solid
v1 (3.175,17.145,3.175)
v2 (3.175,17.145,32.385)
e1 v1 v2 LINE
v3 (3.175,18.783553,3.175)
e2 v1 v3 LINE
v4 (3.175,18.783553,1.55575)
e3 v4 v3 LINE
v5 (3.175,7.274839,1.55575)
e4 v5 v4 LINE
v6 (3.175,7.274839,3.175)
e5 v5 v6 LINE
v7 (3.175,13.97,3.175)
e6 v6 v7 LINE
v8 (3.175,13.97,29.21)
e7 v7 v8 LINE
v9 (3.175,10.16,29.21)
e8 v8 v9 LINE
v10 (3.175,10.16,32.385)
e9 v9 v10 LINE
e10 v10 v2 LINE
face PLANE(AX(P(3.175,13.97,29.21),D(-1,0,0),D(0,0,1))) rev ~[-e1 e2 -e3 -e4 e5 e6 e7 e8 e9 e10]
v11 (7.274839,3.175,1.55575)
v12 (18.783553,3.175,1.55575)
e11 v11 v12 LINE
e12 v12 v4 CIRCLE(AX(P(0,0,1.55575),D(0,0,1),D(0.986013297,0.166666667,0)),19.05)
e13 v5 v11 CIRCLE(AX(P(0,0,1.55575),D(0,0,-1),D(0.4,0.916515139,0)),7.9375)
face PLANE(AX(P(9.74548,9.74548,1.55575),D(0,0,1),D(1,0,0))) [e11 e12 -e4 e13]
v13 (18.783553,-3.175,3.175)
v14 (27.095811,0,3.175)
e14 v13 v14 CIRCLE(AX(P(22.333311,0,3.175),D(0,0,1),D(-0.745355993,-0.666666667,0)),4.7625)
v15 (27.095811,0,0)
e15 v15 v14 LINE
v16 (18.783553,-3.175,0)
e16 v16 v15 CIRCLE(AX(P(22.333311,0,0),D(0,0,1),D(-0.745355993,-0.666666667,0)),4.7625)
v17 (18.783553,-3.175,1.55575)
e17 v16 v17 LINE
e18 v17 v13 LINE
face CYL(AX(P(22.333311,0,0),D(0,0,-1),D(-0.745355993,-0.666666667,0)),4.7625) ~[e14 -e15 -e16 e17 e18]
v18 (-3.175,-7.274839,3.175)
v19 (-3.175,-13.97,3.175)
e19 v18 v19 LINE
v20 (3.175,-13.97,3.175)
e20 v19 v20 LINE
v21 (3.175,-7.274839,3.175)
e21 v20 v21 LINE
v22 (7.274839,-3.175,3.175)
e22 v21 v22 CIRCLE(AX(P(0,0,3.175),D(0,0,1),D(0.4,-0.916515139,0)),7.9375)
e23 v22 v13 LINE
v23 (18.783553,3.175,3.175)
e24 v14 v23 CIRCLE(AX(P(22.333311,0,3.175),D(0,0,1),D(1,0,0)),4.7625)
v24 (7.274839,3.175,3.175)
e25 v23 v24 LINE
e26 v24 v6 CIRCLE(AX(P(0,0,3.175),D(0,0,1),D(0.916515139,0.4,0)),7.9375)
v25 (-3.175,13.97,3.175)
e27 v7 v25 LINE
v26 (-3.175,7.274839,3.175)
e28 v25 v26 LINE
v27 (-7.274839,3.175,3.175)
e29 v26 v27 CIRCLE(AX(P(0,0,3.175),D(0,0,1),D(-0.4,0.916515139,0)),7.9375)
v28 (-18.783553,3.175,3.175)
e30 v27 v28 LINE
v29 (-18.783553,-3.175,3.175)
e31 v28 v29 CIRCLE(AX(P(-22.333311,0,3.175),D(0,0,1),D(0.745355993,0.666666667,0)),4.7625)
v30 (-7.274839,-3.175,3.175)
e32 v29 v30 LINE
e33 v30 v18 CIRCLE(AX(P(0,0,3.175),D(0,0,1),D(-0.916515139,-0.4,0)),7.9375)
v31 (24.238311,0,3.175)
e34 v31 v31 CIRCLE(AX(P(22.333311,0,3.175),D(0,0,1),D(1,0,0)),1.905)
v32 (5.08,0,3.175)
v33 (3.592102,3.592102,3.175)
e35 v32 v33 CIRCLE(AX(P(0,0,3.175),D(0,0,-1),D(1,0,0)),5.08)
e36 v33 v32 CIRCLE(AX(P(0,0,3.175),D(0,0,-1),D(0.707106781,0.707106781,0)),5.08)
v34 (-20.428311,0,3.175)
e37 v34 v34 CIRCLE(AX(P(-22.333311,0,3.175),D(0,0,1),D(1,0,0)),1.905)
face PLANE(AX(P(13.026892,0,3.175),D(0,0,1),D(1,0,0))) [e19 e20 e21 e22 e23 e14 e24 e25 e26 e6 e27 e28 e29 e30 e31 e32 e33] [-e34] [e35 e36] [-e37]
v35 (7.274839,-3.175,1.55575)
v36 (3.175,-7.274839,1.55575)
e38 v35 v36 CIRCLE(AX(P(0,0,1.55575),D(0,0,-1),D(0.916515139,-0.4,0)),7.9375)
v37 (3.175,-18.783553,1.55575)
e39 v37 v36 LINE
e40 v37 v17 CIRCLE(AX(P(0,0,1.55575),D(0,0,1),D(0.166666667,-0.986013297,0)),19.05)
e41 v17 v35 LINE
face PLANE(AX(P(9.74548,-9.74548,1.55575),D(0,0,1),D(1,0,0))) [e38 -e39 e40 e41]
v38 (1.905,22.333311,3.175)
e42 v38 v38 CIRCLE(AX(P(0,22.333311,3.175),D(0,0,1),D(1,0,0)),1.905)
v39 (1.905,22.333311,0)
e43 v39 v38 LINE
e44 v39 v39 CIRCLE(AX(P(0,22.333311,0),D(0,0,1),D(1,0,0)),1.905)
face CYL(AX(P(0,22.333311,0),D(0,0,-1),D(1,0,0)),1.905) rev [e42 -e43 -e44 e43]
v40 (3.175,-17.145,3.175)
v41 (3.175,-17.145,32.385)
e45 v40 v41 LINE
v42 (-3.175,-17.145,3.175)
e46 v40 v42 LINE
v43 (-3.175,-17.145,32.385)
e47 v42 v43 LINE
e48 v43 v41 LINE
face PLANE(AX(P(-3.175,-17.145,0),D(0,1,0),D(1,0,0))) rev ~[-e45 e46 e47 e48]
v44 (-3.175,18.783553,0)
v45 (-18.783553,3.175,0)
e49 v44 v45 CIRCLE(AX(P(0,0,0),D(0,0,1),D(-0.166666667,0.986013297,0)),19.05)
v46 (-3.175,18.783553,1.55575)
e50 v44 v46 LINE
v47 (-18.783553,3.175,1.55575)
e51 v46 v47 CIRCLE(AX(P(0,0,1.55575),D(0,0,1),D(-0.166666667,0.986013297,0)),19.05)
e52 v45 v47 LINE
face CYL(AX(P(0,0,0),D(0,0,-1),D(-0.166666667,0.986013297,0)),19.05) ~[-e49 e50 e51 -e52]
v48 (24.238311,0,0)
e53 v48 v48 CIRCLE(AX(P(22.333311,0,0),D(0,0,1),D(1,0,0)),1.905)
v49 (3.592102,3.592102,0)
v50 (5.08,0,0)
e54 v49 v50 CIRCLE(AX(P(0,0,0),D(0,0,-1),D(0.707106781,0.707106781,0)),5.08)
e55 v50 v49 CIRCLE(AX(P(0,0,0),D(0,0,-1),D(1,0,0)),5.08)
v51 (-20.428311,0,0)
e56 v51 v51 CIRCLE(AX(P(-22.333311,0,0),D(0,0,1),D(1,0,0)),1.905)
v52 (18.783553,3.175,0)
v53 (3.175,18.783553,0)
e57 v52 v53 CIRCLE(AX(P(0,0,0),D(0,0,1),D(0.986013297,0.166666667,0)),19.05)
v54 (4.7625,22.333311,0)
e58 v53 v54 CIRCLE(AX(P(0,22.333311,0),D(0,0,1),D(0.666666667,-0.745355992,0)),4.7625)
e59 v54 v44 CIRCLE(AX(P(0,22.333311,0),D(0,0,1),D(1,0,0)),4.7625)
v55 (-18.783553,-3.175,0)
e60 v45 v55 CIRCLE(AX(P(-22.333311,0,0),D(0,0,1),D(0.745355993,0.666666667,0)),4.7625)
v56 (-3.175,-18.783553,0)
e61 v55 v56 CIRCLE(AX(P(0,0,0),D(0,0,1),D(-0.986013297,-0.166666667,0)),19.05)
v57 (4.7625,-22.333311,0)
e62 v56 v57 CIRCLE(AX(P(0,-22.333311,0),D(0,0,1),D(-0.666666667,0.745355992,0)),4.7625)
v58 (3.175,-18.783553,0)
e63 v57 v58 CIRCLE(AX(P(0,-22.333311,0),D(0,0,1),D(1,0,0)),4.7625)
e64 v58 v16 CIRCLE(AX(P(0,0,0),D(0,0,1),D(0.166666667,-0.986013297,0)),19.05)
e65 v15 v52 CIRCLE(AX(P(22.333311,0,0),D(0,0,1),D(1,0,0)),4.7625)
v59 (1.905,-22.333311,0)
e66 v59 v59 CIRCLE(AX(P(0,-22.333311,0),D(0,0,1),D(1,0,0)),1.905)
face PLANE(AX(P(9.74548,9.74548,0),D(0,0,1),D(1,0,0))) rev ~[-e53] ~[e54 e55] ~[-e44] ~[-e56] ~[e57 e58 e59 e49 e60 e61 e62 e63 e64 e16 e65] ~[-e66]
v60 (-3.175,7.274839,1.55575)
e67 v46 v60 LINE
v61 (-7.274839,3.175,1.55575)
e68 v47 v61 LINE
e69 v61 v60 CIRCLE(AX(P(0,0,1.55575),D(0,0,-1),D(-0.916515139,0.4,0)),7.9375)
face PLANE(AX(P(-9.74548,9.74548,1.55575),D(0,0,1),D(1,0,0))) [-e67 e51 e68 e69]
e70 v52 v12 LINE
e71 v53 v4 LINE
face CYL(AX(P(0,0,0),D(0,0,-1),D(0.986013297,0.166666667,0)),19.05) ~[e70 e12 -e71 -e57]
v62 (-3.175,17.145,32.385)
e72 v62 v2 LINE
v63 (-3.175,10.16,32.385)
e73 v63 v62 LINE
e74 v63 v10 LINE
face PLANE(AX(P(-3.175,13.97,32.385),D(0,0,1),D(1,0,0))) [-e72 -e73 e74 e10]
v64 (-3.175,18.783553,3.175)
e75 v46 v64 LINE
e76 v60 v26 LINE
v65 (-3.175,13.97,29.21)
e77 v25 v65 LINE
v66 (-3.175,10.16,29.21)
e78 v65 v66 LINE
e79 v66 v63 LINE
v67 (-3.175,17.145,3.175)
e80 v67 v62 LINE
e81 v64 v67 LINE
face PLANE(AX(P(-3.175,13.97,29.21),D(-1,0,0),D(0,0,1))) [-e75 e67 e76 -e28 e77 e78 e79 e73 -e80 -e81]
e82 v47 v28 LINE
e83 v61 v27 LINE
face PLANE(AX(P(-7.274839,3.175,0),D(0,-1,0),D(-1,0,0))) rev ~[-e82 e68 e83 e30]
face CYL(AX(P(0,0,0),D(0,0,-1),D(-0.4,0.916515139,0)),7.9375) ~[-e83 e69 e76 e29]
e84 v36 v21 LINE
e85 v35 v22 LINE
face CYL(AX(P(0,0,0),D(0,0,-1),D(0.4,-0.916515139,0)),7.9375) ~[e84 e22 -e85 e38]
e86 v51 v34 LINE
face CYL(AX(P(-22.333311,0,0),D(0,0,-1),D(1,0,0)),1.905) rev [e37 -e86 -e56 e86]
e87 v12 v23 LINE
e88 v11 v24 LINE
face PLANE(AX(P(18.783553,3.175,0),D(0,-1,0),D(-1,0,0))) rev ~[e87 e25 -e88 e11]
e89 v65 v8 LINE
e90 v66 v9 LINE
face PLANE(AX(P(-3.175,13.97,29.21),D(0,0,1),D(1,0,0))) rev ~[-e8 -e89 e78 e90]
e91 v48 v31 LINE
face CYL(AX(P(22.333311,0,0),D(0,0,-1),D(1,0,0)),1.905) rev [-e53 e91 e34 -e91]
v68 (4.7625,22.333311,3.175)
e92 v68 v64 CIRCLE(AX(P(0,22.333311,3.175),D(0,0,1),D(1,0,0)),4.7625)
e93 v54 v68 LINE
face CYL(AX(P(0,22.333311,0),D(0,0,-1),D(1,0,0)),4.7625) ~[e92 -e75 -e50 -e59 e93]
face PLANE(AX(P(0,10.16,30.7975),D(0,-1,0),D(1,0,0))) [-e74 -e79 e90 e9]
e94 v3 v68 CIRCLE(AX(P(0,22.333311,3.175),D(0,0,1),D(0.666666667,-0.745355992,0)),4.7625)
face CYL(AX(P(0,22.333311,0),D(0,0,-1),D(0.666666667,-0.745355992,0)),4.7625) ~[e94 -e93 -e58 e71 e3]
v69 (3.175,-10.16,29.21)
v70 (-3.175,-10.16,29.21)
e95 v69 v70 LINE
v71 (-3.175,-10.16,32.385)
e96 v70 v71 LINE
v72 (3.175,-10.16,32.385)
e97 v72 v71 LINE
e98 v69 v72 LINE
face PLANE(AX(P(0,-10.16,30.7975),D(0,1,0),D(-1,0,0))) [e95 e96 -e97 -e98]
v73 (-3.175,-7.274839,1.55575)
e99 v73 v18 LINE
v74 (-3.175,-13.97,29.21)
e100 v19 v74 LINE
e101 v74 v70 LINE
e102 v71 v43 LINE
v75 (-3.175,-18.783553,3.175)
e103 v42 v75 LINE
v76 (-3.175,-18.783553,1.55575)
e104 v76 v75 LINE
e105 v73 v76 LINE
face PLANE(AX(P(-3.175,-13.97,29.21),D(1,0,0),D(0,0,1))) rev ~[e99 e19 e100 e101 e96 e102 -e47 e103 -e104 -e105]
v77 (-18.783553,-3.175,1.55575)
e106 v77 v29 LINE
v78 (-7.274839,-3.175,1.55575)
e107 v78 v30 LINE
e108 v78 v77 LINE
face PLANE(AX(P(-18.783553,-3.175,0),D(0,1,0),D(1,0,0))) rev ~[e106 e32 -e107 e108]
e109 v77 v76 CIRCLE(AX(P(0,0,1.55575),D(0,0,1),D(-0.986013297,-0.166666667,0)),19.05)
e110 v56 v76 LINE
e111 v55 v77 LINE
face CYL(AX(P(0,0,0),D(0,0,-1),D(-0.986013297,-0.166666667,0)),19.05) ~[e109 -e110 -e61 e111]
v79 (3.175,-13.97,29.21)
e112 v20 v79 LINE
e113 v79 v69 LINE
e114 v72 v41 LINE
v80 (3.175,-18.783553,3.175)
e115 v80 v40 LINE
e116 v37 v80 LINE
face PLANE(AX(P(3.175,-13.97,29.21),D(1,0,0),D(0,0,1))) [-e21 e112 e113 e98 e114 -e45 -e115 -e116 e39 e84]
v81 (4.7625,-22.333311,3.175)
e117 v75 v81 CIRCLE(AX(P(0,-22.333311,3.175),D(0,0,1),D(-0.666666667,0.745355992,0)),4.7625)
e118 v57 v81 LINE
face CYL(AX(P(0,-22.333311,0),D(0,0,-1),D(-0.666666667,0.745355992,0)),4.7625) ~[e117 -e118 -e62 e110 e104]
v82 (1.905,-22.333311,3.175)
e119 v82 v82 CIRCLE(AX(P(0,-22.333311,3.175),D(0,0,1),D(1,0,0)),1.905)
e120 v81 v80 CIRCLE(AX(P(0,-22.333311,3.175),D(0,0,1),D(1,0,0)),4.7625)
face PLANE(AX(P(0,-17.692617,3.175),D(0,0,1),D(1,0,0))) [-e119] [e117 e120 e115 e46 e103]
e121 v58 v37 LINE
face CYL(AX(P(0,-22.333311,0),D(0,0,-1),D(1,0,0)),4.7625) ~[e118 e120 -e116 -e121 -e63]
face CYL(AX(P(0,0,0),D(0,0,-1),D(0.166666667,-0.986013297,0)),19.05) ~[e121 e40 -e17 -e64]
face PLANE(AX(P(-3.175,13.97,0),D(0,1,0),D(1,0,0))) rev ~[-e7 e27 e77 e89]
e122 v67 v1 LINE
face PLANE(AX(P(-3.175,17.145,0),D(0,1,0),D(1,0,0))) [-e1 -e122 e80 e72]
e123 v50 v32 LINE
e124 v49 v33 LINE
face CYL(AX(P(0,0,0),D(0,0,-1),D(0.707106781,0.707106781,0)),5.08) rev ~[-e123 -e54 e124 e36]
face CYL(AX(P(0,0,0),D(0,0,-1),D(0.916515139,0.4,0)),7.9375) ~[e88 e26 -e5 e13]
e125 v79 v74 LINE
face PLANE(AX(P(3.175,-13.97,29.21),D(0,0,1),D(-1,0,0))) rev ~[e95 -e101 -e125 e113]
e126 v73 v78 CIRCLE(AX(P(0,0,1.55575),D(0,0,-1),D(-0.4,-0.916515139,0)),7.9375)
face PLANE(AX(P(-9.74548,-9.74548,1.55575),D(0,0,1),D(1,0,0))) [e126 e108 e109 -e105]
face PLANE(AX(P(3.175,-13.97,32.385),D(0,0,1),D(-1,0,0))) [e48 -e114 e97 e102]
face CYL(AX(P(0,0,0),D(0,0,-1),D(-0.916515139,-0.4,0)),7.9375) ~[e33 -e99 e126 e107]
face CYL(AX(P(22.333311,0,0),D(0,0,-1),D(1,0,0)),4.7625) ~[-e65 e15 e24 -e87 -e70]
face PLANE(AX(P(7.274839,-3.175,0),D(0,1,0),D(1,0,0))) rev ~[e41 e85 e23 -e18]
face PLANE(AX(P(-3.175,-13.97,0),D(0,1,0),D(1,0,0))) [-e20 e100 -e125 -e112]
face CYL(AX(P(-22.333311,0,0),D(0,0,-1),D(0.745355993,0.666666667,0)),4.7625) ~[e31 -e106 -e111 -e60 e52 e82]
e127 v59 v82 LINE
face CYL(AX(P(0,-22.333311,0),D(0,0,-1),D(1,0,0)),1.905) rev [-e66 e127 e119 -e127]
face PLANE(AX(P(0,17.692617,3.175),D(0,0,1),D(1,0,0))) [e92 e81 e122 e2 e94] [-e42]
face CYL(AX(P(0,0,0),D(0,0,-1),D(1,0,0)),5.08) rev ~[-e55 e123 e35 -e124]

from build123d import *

# Parameters (mm, degrees)
F0_R     = 1.905
F1_DEPTH = 3.175
F2_DEPTH = 1.55575
F0_W     = 6.35
F0_H     = 3.175
F3_DEPTH = 32.385
F5_W     = 6.35
F5_H     = 3.175
F6_DEPTH = 3.81
F4_W     = 6.35
F4_H     = 3.175
F7_DEPTH = 3.81


with BuildPart() as f1:
    # F0 (on Top) → F1 (new body)
    with BuildSketch(Plane.XY):
        with BuildLine():
            ThreePointArc((18.7835533113, -3.175), (17.5708112256, 0), (18.7835533113, 3.175))
            Line((18.7835533113, 3.175), (7.2748389157, 3.175))
            ThreePointArc((7.2748389157, 3.175), (7.7700688589, 1.6217077968), (7.9375, 0))
            ThreePointArc((7.9375, 0), (7.7700688589, -1.6217077968), (7.2748389157, -3.175))
            Line((7.2748389157, -3.175), (18.7835533113, -3.175))
        make_face()
        with BuildLine():
            ThreePointArc((18.7835533113, -3.175), (18.9832714591, -1.5930802583), (19.05, 0))
            ThreePointArc((19.05, 0), (18.9832714591, 1.5930802583), (18.7835533113, 3.175))
            ThreePointArc((18.7835533113, 3.175), (17.5708112256, 0), (18.7835533113, -3.175))
        make_face()
        with BuildLine():
            ThreePointArc((18.7835533113, 3.175), (18.9832714591, 1.5930802583), (19.05, 0))
            ThreePointArc((19.05, 0), (18.9832714591, -1.5930802583), (18.7835533113, -3.175))
            ThreePointArc((18.7835533113, -3.175), (24.0326764282, -4.4489958596), (27.0958112256, 0))
            ThreePointArc((27.0958112256, 0), (24.0326764282, 4.4489958596), (18.7835533113, 3.175))
        make_face()
        with Locations((22.3333112256, 0)):
            Circle(F0_R, mode=Mode.SUBTRACT)
        with BuildLine():
            ThreePointArc((-3.175, 7.2748389157), (0, 7.9375), (3.175, 7.2748389157))
            Line((3.175, 7.2748389157), (3.175, 13.97))
            Line((3.175, 13.97), (-3.175, 13.97))
            Line((-3.175, 13.97), (-3.175, 7.2748389157))
        make_face()
        with BuildLine():
            ThreePointArc((7.9375, 0), (7.7700688589, 1.6217077968), (7.2748389157, 3.175))
            ThreePointArc((7.2748389157, 3.175), (5.6126600757, 5.6126600757), (3.175, 7.2748389157))
            ThreePointArc((3.175, 7.2748389157), (0, 7.9375), (-3.175, 7.2748389157))
            ThreePointArc((-3.175, 7.2748389157), (-5.6126600757, 5.6126600757), (-7.2748389157, 3.175))
            ThreePointArc((-7.2748389157, 3.175), (-7.9375, 0), (-7.2748389157, -3.175))
            ThreePointArc((-7.2748389157, -3.175), (-5.6126600757, -5.6126600757), (-3.175, -7.2748389157))
            ThreePointArc((-3.175, -7.2748389157), (0, -7.9375), (3.175, -7.2748389157))
            ThreePointArc((3.175, -7.2748389157), (5.6126600757, -5.6126600757), (7.2748389157, -3.175))
            ThreePointArc((7.2748389157, -3.175), (7.7700688589, -1.6217077968), (7.9375, 0))
        make_face()
        with BuildLine():
            ThreePointArc((3.5921024484, 3.5921024484), (4.6933080252, 1.9440318364), (5.08, 0))
            ThreePointArc((5.08, 0), (-4.6933080252, -1.9440318364), (3.5921024484, 3.5921024484))
        make_face(mode=Mode.SUBTRACT)
        with BuildLine():
            Line((-7.2748389157, 3.175), (-18.7835533113, 3.175))
            ThreePointArc((-18.7835533113, 3.175), (-17.8843153661, 1.6993652025), (-17.5708112256, 0))
            ThreePointArc((-17.5708112256, 0), (-17.8843153661, -1.6993652025), (-18.7835533113, -3.175))
            Line((-18.7835533113, -3.175), (-7.2748389157, -3.175))
            ThreePointArc((-7.2748389157, -3.175), (-7.9375, 0), (-7.2748389157, 3.175))
        make_face()
        with BuildLine():
            Line((3.175, -13.97), (3.175, -7.2748389157))
            ThreePointArc((3.175, -7.2748389157), (0, -7.9375), (-3.175, -7.2748389157))
            Line((-3.175, -7.2748389157), (-3.175, -13.97))
            Line((-3.175, -13.97), (3.175, -13.97))
        make_face()
        with BuildLine():
            ThreePointArc((-17.5708112256, 0), (-17.8843153661, 1.6993652025), (-18.7835533113, 3.175))
            ThreePointArc((-18.7835533113, 3.175), (-19.05, 0), (-18.7835533113, -3.175))
            ThreePointArc((-18.7835533113, -3.175), (-17.8843153661, -1.6993652025), (-17.5708112256, 0))
        make_face()
        with BuildLine():
            ThreePointArc((-18.7835533113, -3.175), (-19.05, 0), (-18.7835533113, 3.175))
            ThreePointArc((-18.7835533113, 3.175), (-27.0958112256, 0), (-18.7835533113, -3.175))
        make_face()
        with Locations((-22.3333112256, 0)):
            Circle(F0_R, mode=Mode.SUBTRACT)
    extrude(amount=F1_DEPTH)



with BuildPart() as f1b:
    # F0 (on Top) → F1, piece 2 (new body)
    with BuildSketch(Plane.XY):
        with BuildLine():
            Line((3.175, 17.145), (3.175, 18.7835533113))
            ThreePointArc((3.175, 18.7835533113), (0, 17.5708112256), (-3.175, 18.7835533113))
            Line((-3.175, 18.7835533113), (-3.175, 17.145))
            Line((-3.175, 17.145), (3.175, 17.145))
        make_face()
        with BuildLine():
            ThreePointArc((-3.175, 18.7835533113), (0, 19.05), (3.175, 18.7835533113))
            ThreePointArc((3.175, 18.7835533113), (4.3475478002, 20.3890287423), (4.7625, 22.3333112256))
            ThreePointArc((4.7625, 22.3333112256), (-1.9442824833, 26.6808590258), (-3.175, 18.7835533113))
        make_face()
        with Locations((0, 22.3333112256)):
            Circle(F0_R, mode=Mode.SUBTRACT)
        with BuildLine():
            ThreePointArc((-3.175, 18.7835533113), (0, 17.5708112256), (3.175, 18.7835533113))
            ThreePointArc((3.175, 18.7835533113), (0, 19.05), (-3.175, 18.7835533113))
        make_face()
    extrude(amount=F1_DEPTH)


with BuildPart() as f1c:
    # F0 (on Top) → F1, piece 3 (new body)
    with BuildSketch(Plane.XY):
        with BuildLine():
            ThreePointArc((-3.175, -18.7835533113), (0, -17.5708112256), (3.175, -18.7835533113))
            Line((3.175, -18.7835533113), (3.175, -17.145))
            Line((3.175, -17.145), (-3.175, -17.145))
            Line((-3.175, -17.145), (-3.175, -18.7835533113))
        make_face()
        with BuildLine():
            ThreePointArc((-3.175, -18.7835533113), (0, -19.05), (3.175, -18.7835533113))
            ThreePointArc((3.175, -18.7835533113), (0, -17.5708112256), (-3.175, -18.7835533113))
        make_face()
        with BuildLine():
            ThreePointArc((4.7625, -22.3333112256), (4.3475478002, -20.3890287423), (3.175, -18.7835533113))
            ThreePointArc((3.175, -18.7835533113), (0, -19.05), (-3.175, -18.7835533113))
            ThreePointArc((-3.175, -18.7835533113), (-1.9442824833, -26.6808590258), (4.7625, -22.3333112256))
        make_face()
        with Locations((0, -22.3333112256)):
            Circle(F0_R, mode=Mode.SUBTRACT)
    extrude(amount=F1_DEPTH)


with BuildPart() as f1_1:
    add(f1.part)

    add(f1b.part)  # F2 merges F1b

    add(f1c.part)  # F2 merges F1c
    # F0 (on Top) → F2 (join)
    with BuildSketch(Plane.XY):
        with BuildLine():
            Line((7.2748389157, 3.175), (18.7835533113, 3.175))
            ThreePointArc((18.7835533113, 3.175), (13.4703841816, 13.4703841816), (3.175, 18.7835533113))
            Line((3.175, 18.7835533113), (3.175, 17.145))
            Line((3.175, 17.145), (3.175, 13.97))
            Line((3.175, 13.97), (3.175, 7.2748389157))
            ThreePointArc((3.175, 7.2748389157), (5.6126600757, 5.6126600757), (7.2748389157, 3.175))
        make_face()
        with BuildLine():
            ThreePointArc((3.175, -18.7835533113), (13.4703841816, -13.4703841816), (18.7835533113, -3.175))
            Line((18.7835533113, -3.175), (7.2748389157, -3.175))
            ThreePointArc((7.2748389157, -3.175), (5.6126600757, -5.6126600757), (3.175, -7.2748389157))
            Line((3.175, -7.2748389157), (3.175, -13.97))
            Line((3.175, -13.97), (3.175, -17.145))
            Line((3.175, -17.145), (3.175, -18.7835533113))
        make_face()
        with BuildLine():
            Line((-3.175, 17.145), (-3.175, 18.7835533113))
            ThreePointArc((-3.175, 18.7835533113), (-13.4703841816, 13.4703841816), (-18.7835533113, 3.175))
            Line((-18.7835533113, 3.175), (-7.2748389157, 3.175))
            ThreePointArc((-7.2748389157, 3.175), (-5.6126600757, 5.6126600757), (-3.175, 7.2748389157))
            Line((-3.175, 7.2748389157), (-3.175, 13.97))
            Line((-3.175, 13.97), (-3.175, 17.145))
        make_face()
        with BuildLine():
            ThreePointArc((-18.7835533113, -3.175), (-13.4703841816, -13.4703841816), (-3.175, -18.7835533113))
            Line((-3.175, -18.7835533113), (-3.175, -17.145))
            Line((-3.175, -17.145), (-3.175, -13.97))
            Line((-3.175, -13.97), (-3.175, -7.2748389157))
            ThreePointArc((-3.175, -7.2748389157), (-5.6126600757, -5.6126600757), (-7.2748389157, -3.175))
            Line((-7.2748389157, -3.175), (-18.7835533113, -3.175))
        make_face()
    extrude(amount=F2_DEPTH)

    # F0 (on Top) → F3 (join)
    with BuildSketch(Plane.XY):
        with Locations((0, -15.5575)):
            Rectangle(F0_W, F0_H)
        with Locations((0, 15.5575)):
            Rectangle(F0_W, F0_H)
    extrude(amount=F3_DEPTH)

    # F5 (on face) → F6 (join)
    with BuildSketch(Plane(origin=(0, -13.97, 0), x_dir=(-1, 0, 0), z_dir=(0, 1, 0))):
        with Locations((0, 30.7975)):
            Rectangle(F5_W, F5_H)
    extrude(amount=F6_DEPTH)

    # F4 (on face) → F7 (join)
    with BuildSketch(Plane.XZ.offset(-13.97)):
        with Locations((0, 30.7975)):
            Rectangle(F4_W, F4_H)
    extrude(amount=F7_DEPTH)


solid = f1_1.part
